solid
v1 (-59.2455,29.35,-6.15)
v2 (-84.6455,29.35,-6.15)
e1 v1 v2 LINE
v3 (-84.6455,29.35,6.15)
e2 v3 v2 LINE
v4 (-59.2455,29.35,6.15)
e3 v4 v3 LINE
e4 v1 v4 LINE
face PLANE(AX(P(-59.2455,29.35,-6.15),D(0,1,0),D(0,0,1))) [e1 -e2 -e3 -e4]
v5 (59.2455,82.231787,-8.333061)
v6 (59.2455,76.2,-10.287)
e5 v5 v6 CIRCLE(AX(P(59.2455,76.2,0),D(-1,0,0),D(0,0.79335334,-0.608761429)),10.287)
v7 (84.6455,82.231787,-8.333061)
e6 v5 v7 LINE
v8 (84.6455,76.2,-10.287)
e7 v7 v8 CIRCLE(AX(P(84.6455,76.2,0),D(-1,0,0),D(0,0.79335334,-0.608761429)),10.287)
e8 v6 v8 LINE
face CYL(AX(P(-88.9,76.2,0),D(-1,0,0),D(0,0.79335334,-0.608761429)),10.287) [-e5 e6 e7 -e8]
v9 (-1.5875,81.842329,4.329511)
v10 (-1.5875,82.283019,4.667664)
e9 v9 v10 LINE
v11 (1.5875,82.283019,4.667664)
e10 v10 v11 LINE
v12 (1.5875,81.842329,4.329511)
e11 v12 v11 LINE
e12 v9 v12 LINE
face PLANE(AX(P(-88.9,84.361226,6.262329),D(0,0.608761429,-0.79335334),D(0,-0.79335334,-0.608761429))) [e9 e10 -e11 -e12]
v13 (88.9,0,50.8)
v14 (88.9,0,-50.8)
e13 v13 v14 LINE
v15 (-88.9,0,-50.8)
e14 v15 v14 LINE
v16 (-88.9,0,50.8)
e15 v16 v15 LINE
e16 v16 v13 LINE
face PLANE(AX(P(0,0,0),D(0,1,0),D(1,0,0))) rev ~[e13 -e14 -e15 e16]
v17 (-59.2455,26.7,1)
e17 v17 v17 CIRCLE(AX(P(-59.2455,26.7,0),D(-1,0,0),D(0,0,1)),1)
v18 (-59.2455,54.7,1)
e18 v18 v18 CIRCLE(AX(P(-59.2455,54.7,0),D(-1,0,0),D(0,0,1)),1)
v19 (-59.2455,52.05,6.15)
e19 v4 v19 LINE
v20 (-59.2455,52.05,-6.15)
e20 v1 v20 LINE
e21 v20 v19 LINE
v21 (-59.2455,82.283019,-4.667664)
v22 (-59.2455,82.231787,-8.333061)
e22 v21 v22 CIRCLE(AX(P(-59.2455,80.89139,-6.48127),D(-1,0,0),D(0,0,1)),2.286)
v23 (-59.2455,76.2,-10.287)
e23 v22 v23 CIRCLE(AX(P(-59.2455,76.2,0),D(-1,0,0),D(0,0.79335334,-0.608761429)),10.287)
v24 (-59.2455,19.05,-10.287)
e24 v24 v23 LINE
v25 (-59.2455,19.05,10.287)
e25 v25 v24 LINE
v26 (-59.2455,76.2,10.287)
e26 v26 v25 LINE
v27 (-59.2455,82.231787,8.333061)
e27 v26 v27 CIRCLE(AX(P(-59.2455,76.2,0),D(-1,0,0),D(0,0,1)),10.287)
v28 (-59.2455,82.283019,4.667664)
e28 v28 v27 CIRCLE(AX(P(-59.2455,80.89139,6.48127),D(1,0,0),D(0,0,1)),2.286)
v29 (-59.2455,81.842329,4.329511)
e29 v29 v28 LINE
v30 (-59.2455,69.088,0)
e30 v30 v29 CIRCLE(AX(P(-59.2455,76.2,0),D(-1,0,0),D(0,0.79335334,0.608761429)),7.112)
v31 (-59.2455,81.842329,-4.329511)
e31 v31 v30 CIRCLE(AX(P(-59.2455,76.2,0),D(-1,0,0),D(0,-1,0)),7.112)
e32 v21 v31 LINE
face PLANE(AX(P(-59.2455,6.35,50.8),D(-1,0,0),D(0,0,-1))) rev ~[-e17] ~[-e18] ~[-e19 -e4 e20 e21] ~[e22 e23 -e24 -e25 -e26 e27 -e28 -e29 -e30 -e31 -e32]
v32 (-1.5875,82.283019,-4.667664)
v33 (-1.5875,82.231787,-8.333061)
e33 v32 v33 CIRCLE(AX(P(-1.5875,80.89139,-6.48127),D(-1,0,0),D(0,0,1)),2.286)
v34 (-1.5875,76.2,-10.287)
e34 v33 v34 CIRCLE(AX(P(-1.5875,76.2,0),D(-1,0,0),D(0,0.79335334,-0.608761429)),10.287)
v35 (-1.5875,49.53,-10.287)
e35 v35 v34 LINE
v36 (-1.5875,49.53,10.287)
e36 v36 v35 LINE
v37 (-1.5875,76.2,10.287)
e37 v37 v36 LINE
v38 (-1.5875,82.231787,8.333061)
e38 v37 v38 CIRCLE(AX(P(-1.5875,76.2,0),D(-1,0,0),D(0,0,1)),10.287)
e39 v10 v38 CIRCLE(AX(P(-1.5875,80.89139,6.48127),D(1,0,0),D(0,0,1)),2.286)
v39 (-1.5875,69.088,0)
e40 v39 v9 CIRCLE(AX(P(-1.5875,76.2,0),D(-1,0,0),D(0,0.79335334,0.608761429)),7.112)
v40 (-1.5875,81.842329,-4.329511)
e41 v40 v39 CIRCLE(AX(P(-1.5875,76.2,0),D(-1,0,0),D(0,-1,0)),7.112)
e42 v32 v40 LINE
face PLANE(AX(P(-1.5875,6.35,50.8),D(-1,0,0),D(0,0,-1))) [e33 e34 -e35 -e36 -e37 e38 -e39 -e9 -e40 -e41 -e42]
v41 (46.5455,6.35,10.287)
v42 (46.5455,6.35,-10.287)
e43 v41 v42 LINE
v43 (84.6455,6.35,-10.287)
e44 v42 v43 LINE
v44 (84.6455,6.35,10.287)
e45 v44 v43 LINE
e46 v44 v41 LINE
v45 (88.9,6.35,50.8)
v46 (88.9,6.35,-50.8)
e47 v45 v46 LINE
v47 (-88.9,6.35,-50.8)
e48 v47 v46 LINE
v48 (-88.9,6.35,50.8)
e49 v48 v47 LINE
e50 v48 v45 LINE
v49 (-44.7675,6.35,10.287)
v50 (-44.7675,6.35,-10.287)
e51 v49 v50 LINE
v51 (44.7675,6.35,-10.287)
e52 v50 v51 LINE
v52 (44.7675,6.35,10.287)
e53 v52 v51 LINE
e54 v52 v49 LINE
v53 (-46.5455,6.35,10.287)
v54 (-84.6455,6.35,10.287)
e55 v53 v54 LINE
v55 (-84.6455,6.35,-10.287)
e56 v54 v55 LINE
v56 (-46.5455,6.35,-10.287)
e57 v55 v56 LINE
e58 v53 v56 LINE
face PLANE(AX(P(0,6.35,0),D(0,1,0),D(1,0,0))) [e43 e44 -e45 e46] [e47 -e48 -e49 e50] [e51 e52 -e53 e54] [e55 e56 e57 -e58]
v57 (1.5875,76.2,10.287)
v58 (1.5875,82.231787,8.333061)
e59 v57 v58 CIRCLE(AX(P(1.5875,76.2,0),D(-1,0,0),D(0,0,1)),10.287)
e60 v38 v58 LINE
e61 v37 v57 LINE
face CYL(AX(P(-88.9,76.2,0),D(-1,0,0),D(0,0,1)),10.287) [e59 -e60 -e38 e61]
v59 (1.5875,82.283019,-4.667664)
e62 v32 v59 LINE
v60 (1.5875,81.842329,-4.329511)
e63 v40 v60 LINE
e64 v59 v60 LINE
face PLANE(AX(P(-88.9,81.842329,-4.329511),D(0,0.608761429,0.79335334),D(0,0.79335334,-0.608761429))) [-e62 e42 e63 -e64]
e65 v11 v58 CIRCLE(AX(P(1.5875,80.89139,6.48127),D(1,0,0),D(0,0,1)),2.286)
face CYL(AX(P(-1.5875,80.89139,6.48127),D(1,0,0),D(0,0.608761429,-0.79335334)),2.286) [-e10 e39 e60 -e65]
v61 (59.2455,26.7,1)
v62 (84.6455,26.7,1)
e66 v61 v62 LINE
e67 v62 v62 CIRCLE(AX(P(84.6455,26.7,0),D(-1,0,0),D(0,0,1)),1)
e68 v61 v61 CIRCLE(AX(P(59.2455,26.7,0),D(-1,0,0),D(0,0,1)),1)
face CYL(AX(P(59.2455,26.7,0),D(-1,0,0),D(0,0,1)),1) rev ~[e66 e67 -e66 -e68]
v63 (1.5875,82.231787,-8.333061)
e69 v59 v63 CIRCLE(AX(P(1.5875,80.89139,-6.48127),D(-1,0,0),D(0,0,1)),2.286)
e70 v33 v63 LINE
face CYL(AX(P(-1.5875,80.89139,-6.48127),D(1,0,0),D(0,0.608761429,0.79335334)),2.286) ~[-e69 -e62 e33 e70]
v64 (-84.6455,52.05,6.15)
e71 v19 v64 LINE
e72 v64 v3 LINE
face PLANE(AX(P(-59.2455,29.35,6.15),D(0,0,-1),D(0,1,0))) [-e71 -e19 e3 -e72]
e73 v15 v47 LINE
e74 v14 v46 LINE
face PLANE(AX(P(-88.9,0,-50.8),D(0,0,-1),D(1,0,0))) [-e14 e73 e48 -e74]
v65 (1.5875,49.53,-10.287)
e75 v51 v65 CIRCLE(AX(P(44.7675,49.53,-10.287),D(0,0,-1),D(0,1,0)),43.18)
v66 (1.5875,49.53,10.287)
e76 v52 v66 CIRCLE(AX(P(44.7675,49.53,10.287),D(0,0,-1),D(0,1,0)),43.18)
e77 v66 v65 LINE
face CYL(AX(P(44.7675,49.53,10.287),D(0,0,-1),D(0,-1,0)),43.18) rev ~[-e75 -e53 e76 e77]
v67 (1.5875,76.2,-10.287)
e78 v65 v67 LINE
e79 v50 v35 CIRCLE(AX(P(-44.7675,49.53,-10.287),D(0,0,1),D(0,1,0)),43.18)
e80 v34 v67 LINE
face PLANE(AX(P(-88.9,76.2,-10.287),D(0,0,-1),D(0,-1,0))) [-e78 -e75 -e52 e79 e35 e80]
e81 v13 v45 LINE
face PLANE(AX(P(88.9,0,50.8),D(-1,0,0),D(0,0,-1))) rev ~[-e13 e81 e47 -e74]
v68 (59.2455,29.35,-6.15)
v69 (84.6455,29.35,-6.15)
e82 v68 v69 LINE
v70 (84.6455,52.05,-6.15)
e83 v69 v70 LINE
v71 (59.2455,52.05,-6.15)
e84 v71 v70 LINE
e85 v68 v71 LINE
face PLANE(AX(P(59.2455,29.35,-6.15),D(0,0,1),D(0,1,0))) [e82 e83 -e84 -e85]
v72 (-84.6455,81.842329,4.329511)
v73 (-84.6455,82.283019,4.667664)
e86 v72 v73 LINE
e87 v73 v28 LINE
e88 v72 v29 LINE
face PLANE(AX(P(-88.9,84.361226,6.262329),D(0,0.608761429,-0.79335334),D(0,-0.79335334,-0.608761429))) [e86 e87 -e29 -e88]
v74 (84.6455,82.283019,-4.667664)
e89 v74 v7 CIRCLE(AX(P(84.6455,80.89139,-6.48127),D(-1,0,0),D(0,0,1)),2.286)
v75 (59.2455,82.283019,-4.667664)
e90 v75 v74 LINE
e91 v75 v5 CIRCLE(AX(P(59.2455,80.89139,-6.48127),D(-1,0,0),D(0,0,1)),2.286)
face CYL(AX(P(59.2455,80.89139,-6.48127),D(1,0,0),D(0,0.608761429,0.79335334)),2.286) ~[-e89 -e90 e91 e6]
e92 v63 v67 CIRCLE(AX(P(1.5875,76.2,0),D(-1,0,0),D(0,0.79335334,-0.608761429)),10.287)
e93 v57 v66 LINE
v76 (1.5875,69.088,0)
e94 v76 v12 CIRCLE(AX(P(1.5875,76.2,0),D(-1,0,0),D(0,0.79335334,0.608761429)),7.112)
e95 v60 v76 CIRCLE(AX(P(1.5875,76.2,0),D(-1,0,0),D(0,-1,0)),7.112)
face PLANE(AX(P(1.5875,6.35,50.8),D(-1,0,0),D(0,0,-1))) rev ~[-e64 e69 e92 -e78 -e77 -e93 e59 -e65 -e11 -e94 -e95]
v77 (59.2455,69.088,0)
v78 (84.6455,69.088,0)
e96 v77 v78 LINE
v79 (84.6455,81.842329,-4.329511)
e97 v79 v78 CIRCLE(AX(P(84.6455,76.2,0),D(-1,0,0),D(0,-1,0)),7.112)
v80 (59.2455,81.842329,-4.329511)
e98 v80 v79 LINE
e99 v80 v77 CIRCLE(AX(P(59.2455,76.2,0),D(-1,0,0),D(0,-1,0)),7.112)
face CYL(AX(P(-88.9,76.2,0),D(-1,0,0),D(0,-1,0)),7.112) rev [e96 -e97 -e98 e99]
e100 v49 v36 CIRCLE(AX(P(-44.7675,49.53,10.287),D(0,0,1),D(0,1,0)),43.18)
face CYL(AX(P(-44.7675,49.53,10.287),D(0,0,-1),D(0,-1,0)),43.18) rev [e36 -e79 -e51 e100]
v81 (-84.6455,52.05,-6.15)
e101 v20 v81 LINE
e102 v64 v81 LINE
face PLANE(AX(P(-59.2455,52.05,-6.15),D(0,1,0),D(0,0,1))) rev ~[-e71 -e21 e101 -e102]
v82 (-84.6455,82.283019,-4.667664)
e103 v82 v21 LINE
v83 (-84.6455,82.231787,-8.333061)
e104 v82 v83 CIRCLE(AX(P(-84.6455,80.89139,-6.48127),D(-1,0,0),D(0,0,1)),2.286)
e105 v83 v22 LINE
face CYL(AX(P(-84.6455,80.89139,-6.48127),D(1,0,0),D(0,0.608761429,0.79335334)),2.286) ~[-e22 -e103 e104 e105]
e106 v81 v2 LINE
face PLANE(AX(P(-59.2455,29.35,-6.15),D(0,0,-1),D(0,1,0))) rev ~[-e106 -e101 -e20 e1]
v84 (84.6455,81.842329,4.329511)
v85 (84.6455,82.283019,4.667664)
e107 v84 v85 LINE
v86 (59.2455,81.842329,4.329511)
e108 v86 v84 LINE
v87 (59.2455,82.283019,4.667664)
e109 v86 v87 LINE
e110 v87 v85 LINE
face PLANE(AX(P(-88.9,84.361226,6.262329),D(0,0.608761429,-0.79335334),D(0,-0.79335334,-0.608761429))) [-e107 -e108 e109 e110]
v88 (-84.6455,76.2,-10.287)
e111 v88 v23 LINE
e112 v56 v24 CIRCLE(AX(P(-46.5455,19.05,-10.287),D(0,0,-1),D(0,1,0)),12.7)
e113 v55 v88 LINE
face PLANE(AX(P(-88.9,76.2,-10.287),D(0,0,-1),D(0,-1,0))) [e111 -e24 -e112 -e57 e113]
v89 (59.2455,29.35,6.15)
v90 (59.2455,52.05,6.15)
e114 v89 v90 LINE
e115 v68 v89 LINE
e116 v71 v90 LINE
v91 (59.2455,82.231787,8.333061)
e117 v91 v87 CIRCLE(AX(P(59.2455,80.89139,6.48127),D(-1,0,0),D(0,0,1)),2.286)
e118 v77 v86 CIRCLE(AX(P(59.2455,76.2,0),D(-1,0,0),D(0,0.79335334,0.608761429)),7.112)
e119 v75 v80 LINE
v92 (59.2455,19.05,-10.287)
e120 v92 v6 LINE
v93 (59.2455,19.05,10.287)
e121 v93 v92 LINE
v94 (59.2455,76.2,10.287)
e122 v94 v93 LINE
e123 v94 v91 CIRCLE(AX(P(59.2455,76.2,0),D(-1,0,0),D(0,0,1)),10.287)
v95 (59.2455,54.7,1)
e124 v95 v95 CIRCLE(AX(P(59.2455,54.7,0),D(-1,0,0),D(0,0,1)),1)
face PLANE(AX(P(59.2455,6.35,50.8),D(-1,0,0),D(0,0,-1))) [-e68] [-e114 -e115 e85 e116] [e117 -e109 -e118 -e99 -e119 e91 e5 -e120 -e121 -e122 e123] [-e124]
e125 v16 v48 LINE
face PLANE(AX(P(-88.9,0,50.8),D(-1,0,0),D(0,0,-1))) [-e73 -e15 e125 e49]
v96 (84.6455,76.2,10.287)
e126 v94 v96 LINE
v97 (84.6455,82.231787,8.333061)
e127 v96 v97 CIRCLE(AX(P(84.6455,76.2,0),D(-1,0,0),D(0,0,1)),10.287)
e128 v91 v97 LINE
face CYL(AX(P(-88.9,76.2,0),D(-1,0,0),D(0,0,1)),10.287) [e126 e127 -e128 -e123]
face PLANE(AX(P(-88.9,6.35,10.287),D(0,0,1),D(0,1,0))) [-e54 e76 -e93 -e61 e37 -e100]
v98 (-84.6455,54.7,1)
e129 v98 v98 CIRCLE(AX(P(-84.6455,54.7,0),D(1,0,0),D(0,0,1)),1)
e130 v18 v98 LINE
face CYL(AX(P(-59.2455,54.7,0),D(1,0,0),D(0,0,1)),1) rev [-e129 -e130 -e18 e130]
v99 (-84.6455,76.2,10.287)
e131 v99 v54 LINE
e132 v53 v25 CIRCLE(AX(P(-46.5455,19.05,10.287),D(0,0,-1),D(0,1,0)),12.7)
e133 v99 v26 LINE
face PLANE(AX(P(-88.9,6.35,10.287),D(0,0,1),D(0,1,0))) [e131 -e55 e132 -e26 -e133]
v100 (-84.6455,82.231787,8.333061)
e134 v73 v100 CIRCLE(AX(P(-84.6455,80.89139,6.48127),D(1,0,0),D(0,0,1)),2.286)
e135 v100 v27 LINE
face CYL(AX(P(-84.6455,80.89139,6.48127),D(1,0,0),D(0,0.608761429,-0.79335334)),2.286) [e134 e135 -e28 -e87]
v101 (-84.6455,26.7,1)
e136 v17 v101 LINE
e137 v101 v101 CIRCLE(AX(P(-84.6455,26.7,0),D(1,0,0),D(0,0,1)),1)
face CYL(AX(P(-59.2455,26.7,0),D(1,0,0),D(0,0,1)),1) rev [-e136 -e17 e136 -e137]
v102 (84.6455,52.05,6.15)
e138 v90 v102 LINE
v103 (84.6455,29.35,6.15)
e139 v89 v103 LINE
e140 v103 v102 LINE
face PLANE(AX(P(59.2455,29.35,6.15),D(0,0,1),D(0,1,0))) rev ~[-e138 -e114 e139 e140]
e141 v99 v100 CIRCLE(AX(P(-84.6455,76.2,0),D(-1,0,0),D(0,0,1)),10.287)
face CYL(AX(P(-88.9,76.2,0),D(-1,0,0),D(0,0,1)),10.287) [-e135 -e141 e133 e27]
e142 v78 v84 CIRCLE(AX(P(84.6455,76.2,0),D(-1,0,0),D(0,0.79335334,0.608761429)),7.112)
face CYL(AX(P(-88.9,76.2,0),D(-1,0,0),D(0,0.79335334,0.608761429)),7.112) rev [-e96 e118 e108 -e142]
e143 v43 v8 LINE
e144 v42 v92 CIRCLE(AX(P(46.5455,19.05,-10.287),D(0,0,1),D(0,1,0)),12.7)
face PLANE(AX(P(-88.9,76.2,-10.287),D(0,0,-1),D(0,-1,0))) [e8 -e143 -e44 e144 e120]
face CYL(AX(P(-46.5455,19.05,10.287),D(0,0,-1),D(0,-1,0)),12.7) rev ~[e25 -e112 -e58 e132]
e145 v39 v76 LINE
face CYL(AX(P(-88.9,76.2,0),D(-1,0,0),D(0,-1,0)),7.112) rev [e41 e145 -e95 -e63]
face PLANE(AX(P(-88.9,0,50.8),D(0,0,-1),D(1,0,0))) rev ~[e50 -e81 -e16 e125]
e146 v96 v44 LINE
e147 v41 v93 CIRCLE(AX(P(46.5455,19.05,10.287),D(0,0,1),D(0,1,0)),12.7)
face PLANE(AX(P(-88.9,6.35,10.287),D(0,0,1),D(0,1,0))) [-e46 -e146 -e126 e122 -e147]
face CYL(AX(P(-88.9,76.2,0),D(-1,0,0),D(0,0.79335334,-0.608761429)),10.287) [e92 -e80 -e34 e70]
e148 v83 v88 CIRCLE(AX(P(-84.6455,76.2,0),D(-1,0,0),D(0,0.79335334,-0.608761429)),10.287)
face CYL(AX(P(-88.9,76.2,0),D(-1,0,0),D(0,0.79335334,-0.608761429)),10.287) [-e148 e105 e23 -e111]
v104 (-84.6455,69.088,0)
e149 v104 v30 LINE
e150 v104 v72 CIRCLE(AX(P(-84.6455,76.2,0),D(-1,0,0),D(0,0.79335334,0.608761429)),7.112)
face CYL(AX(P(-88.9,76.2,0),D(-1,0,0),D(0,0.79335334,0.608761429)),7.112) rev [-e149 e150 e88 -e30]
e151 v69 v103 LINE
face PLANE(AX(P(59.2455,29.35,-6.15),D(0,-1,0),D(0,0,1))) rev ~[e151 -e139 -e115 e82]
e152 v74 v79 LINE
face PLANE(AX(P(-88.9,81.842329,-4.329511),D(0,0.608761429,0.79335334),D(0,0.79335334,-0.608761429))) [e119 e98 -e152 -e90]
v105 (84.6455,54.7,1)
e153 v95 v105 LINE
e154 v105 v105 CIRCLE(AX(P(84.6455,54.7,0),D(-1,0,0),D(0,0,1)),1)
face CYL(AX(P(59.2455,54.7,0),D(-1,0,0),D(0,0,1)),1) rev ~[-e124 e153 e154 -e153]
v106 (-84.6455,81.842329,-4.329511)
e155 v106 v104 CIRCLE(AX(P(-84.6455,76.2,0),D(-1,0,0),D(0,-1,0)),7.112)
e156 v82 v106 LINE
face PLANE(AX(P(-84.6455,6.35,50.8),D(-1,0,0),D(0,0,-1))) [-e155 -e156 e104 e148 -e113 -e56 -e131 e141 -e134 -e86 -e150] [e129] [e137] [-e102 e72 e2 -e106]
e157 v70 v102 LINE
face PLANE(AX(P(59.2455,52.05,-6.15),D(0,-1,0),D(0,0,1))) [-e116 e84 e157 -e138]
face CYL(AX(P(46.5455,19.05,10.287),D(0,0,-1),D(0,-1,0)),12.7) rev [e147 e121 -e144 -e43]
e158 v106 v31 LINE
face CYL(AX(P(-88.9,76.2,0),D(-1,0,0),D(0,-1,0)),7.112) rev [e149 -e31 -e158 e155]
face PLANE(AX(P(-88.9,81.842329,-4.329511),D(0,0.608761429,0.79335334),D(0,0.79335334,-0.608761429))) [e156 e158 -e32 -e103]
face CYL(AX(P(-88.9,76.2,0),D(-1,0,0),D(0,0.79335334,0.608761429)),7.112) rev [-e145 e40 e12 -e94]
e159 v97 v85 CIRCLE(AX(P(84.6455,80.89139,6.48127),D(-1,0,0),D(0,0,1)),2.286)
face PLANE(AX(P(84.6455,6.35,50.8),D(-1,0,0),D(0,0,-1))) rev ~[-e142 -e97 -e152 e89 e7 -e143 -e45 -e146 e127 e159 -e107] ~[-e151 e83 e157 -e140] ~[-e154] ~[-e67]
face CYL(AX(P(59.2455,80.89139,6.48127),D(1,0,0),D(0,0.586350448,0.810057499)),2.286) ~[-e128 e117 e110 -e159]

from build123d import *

# Parameters (mm, degrees)
SKETCH1_W           = 177.8
SKETCH1_H           = 101.6
BOSS_EXTRUDE1_DEPTH = 6.35
BOSS_EXTRUDE2_DEPTH = 177.8
SKETCH3_W           = 57.658
SKETCH3_H           = 101.6
SKETCH3_W_2         = 4.2545
CUT_EXTRUDE1_DEPTH  = 129.722963579
FILLET1_R           = 43.18
FILLET2_R           = 12.7
FILLET3_R           = 2.286
SKETCH5_R           = 1
SKETCH5_W           = 12.3
SKETCH5_H           = 22.7
CUT_EXTRUDE2_DEPTH  = 178.330785165
CUT_EXTRUDE3_START  = 118.491
SKETCH5_2_R         = 1
SKETCH5_2_W         = 12.3
SKETCH5_2_H         = 22.7
CUT_EXTRUDE3_DEPTH  = 59.839785165


with BuildPart() as part:
    # Sketch1 → Boss-Extrude1 (new body)
    with BuildSketch(Plane(origin=(0, 0, 0), x_dir=(1, 0, 0), z_dir=(0, 1, 0))):
        Rectangle(SKETCH1_W, SKETCH1_H)
    extrude(amount=BOSS_EXTRUDE1_DEPTH)

    # Sketch2 → Boss-Extrude2 (add)
    with BuildSketch(Plane.ZY.offset(88.9)):
        with BuildLine():
            Line((0, 69.088), (0, 6.35))
            Line((0, 6.35), (10.287, 6.35))
            Line((10.287, 6.35), (10.287, 76.2))
            ThreePointArc((10.287, 76.2), (9.226129892, 80.749823756), (6.26232882, 84.361225812))
            Line((6.26232882, 84.361225812), (4.329511283, 81.842328956))
            ThreePointArc((4.329511283, 81.842328956), (6.734567081, 73.913922523), (0, 69.088))
        make_face()
        with BuildLine():
            Line((-10.287, 76.2), (-10.287, 6.35))
            Line((-10.287, 6.35), (0, 6.35))
            Line((0, 6.35), (0, 69.088))
            ThreePointArc((0, 69.088), (-6.734567081, 73.913922523), (-4.329511283, 81.842328956))
            Line((-4.329511283, 81.842328956), (-6.26232882, 84.361225812))
            ThreePointArc((-6.26232882, 84.361225812), (-9.226129892, 80.749823756), (-10.287, 76.2))
        make_face()
    extrude(amount=-BOSS_EXTRUDE2_DEPTH)

    # Sketch3 → Cut-Extrude1 (cut, through all)
    with BuildSketch(Plane(origin=(0, 6.35, 0), x_dir=(1, 0, 0), z_dir=(0, 1, 0))):
        with Locations((-30.4165, 0)):
            Rectangle(SKETCH3_W, SKETCH3_H)
        with Locations((30.4165, 0)):
            Rectangle(SKETCH3_W, SKETCH3_H)
        with Locations((86.77275, 0)):
            Rectangle(SKETCH3_W_2, SKETCH3_H)
        with Locations((-86.77275, 0)):
            Rectangle(SKETCH3_W_2, SKETCH3_H)
    extrude(amount=CUT_EXTRUDE1_DEPTH, mode=Mode.SUBTRACT)

    # Fillet1
    fillet1_edges = [part.edges().sort_by_distance(p)[0] for p in [
        (1.5875, 6.35, 0),
        (-1.5875, 6.35, 0),
    ]]
    fillet(fillet1_edges, radius=FILLET1_R)

    # Fillet2
    fillet2_edges = [part.edges().sort_by_distance(p)[0] for p in [
        (59.2455, 6.35, 0),
        (-59.2455, 6.35, 0),
    ]]
    fillet(fillet2_edges, radius=FILLET2_R)

    # Fillet3
    fillet3_edges = [part.edges().sort_by_distance(p)[0] for p in [
        (71.9455, 84.361225812, -6.26232882),
        (0, 84.361225812, -6.26232882),
        (-71.9455, 84.361225812, -6.26232882),
        (71.9455, 84.361225812, 6.26232882),
        (0, 84.361225812, 6.26232882),
        (-71.9455, 84.361225812, 6.26232882),
    ]]
    fillet(fillet3_edges, radius=FILLET3_R)

    # Sketch5 → Cut-Extrude2 (cut, through all)
    with BuildSketch(Plane.ZY.offset(-59.2455)):
        with Locations((0, 54.7)):
            Circle(SKETCH5_R)
        with Locations((0, 26.7)):
            Circle(SKETCH5_R)
        with Locations((0, 40.7)):
            Rectangle(SKETCH5_W, SKETCH5_H)
    extrude(amount=-CUT_EXTRUDE2_DEPTH, mode=Mode.SUBTRACT)

    # Sketch5<2> → Cut-Extrude3 (cut, through all)
    with BuildSketch(Plane.ZY.offset(-59.2455).offset(CUT_EXTRUDE3_START)):
        with Locations((0, 54.7)):
            Circle(SKETCH5_2_R)
        with Locations((0, 26.7)):
            Circle(SKETCH5_2_R)
        with Locations((0, 40.7)):
            Rectangle(SKETCH5_2_W, SKETCH5_2_H)
    extrude(amount=CUT_EXTRUDE3_DEPTH, mode=Mode.SUBTRACT)


solid = part.part
